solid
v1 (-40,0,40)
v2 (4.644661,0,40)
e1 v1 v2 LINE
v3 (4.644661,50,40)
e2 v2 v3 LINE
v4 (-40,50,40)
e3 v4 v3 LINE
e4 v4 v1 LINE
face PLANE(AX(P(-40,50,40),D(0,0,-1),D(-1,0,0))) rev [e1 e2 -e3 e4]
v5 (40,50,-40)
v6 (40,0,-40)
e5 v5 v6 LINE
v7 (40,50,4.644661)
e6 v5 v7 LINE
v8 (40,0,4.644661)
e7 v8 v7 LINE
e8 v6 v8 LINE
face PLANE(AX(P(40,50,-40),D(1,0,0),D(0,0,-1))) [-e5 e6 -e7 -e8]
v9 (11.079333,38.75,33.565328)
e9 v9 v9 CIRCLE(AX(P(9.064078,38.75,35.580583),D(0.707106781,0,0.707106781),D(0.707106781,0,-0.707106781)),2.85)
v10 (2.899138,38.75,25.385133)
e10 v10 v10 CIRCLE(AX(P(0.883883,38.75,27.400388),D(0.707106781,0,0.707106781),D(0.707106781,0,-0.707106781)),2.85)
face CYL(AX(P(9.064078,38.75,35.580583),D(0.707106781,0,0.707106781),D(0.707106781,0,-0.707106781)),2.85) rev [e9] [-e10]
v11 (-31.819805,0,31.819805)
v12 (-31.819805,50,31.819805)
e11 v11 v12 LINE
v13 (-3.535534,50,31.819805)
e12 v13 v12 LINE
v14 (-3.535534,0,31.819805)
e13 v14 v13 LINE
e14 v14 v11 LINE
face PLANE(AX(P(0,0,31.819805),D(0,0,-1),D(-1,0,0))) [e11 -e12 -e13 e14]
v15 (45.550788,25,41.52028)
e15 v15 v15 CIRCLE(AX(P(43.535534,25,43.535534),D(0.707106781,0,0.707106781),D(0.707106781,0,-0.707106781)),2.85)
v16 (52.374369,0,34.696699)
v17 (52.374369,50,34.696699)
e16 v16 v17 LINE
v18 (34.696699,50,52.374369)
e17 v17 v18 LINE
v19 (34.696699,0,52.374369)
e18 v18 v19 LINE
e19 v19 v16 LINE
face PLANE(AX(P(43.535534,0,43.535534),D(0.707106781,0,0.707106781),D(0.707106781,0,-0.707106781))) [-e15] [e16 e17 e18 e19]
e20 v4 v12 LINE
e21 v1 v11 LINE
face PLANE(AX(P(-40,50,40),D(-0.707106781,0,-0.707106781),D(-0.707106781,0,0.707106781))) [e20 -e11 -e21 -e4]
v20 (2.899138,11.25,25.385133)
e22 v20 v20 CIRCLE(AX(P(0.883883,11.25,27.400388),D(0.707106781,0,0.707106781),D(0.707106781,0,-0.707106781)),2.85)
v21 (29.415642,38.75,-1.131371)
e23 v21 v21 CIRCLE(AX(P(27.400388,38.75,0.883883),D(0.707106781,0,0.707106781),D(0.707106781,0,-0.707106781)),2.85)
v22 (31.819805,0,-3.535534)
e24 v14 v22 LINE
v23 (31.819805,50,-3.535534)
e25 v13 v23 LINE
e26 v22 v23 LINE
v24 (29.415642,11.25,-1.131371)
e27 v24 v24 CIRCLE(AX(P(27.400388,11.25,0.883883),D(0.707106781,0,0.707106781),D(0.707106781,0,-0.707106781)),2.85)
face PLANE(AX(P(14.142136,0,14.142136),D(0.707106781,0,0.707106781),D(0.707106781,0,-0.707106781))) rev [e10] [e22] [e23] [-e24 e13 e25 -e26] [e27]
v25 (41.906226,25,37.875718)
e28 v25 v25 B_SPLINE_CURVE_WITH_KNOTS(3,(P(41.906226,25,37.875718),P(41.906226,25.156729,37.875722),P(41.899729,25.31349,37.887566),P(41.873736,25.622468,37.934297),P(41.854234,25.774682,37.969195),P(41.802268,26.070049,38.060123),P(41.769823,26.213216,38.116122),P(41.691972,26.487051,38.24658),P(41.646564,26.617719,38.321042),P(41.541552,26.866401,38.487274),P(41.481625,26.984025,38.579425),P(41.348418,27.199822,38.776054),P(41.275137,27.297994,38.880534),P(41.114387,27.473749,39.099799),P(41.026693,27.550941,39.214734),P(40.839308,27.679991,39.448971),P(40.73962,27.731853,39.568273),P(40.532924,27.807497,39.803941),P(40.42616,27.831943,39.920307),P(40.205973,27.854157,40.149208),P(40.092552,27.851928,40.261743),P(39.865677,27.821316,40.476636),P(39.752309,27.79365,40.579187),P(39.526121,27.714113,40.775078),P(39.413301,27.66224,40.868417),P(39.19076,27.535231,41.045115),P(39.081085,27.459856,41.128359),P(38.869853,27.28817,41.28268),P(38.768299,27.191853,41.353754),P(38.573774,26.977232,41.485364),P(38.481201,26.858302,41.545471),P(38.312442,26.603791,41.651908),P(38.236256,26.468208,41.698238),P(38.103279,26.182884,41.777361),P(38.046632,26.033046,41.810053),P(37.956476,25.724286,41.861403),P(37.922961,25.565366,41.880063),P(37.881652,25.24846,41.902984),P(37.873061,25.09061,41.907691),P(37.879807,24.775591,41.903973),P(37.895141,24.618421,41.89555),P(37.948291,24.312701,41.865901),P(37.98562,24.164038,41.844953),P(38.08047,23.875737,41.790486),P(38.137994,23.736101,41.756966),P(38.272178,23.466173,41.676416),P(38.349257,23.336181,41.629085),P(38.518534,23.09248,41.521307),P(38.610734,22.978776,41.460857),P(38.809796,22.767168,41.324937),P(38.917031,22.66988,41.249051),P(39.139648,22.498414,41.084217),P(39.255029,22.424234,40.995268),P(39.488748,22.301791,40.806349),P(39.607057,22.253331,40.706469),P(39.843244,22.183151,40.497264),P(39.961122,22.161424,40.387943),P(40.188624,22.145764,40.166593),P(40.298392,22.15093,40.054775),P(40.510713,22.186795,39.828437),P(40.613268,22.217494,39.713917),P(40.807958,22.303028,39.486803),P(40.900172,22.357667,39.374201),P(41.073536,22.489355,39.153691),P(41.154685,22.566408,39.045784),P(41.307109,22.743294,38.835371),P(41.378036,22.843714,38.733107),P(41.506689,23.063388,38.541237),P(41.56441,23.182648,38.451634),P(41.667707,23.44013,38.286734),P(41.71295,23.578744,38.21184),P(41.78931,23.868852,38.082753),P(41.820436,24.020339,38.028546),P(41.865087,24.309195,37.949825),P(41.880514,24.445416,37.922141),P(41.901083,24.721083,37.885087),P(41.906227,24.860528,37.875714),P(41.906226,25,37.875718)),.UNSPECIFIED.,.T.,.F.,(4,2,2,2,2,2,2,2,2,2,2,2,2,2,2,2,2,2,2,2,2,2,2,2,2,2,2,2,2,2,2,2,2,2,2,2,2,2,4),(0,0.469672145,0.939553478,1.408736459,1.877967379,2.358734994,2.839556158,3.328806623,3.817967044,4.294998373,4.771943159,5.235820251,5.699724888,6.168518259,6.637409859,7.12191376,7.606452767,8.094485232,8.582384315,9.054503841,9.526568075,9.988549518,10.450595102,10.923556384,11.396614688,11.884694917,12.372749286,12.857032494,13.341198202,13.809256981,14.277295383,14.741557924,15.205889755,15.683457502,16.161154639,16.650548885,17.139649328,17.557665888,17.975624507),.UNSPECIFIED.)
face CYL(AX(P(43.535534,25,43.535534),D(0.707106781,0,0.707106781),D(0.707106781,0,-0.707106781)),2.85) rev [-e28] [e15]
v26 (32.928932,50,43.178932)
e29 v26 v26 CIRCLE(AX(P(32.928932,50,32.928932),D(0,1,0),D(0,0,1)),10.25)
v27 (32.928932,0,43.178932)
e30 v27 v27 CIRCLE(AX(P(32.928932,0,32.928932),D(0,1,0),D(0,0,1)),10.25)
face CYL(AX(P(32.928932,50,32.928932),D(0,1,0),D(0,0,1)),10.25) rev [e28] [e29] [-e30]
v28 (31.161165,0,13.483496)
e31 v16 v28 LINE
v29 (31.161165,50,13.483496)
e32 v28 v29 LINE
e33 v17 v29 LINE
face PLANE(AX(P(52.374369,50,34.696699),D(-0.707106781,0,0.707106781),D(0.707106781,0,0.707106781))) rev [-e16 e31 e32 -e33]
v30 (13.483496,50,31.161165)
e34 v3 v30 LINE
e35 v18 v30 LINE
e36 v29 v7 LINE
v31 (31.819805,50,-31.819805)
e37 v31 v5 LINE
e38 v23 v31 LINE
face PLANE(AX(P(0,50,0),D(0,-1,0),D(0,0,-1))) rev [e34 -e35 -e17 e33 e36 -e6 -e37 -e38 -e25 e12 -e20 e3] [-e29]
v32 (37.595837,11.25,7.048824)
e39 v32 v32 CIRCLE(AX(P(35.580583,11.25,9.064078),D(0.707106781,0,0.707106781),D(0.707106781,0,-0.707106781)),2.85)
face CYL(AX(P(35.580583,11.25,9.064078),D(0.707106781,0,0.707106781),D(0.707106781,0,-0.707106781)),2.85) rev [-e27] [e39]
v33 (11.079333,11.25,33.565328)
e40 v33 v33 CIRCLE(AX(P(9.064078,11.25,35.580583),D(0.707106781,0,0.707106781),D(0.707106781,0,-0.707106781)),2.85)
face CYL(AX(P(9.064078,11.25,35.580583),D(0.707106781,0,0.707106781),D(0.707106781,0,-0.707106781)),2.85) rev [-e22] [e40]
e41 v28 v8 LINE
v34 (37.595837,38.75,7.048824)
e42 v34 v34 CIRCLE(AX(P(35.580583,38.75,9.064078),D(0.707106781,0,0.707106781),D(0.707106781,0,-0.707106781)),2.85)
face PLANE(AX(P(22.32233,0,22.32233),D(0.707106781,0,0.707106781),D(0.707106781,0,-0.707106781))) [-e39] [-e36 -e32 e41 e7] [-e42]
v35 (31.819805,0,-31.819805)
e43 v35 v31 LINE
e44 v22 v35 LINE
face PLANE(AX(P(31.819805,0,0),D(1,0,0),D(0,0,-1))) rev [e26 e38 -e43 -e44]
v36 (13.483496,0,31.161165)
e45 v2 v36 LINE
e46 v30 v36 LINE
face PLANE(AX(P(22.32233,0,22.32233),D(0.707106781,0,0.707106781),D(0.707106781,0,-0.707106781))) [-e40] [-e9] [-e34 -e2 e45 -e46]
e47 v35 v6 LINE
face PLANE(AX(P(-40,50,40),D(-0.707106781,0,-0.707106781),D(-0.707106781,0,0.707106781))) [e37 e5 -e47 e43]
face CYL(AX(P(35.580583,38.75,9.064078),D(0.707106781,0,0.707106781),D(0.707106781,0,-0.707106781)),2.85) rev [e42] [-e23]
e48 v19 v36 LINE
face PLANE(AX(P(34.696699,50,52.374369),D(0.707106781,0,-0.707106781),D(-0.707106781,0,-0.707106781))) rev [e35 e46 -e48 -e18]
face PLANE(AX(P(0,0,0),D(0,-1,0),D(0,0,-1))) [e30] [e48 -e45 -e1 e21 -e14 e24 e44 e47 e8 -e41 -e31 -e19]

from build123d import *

# Parameters (mm, degrees)
BOSS_EXTRUDE1_DEPTH             = 50
CUT_EXTRUDE1_DEPTH              = 76.498344353
SKETCH5_W                       = 25
SKETCH5_H                       = 50
BOSS_EXTRUDE2_DEPTH             = 30
F_20_5_20_5_DIAMETER_HOLE1_D    = 20.5
F_5_7_5_7_DIAMETER_HOLE1_REACH  = 130.282
F_5_7_5_7_DIAMETER_HOLE1_BORE_R = 2.85
F_5_7_5_7_DIAMETER_HOLE2_D      = 5.7
F_5_7_5_7_DIAMETER_HOLE2_DEPTH  = 11.568542495
F_5_7_5_7_DIAMETER_HOLE2_TIP    = 1.712452764


with BuildPart() as part:
    # Sketch2 → Boss-Extrude1 (new body)
    with BuildSketch(Plane(origin=(0, 0, 0), x_dir=(1, 0, 0), z_dir=(0, 1, 0))):
        Polygon((-40, -40), (40, 40), (40, -40), align=None)
    extrude(amount=BOSS_EXTRUDE1_DEPTH)

    # Sketch4 → Cut-Extrude1 (cut, through all)
    with BuildSketch(Plane(origin=(0, 50, 0), x_dir=(1, 0, 0), z_dir=(0, 1, 0))):
        Polygon((17.67766953, 17.67766953), (-17.67766953, -17.67766953), (-3.535533906, -31.819805153), (31.819805153, 3.535533906), align=None)
        Polygon((31.819805153, 31.819805153), (17.67766953, 17.67766953), (31.819805153, 3.535533906), align=None)
        Polygon((-17.67766953, -17.67766953), (-31.819805153, -31.819805153), (-3.535533906, -31.819805153), align=None)
        Polygon((40, -4.644660941), (4.644660941, -40), (40, -40), align=None)
    extrude(amount=-CUT_EXTRUDE1_DEPTH, mode=Mode.SUBTRACT)

    # Sketch5 → Boss-Extrude2 (add)
    with BuildSketch(Plane(origin=(22.32233047, 0, 22.32233047), x_dir=(0.7071067811865474, 0, -0.7071067811865477), z_dir=(0.7071067811865477, 0, 0.7071067811865474))):
        with Locations((0, 25)):
            Rectangle(SKETCH5_W, SKETCH5_H)
    extrude(amount=BOSS_EXTRUDE2_DEPTH)

    # Ø20.5 (20.5) Diameter Hole1 (through all)
    with Locations(Plane(origin=(0, 50, 0), x_dir=(1, 0, 0), z_dir=(0, 1, 0))):
        with Locations((32.928932188, -32.928932188)):
            Hole(F_20_5_20_5_DIAMETER_HOLE1_D / 2)

    # Ø5.7 (5.7) Diameter Hole1 bore → Ø5.7 (5.7) Diameter Hole1 (cut, up to next)
    with BuildSketch(Plane(origin=(43.535533906, 0, 43.535533906), x_dir=(0.7071067811865476, 0, -0.7071067811865476), z_dir=(0.7071067811865476, 0, 0.7071067811865476)), mode=Mode.PRIVATE) as f_5_7_5_7_diameter_hole1_sk1:
        with Locations((0, 25)):
            Circle(F_5_7_5_7_DIAMETER_HOLE1_BORE_R)
    f_5_7_5_7_diameter_hole1_tool1 = extrude(f_5_7_5_7_diameter_hole1_sk1.sketch, amount=-F_5_7_5_7_DIAMETER_HOLE1_REACH, mode=Mode.PRIVATE) & part.part
    add(f_5_7_5_7_diameter_hole1_tool1.solids().sort_by_distance((43.535534, 25, 43.535534))[0], mode=Mode.SUBTRACT)

    # Ø5.7 (5.7) Diameter Hole2
    with Locations(Plane(origin=(22.32233047, 0, 22.32233047), x_dir=(0.7071067811865474, 0, -0.7071067811865477), z_dir=(0.7071067811865477, 0, 0.7071067811865474))):
        with Locations((-18.75, 38.75), (18.75, 38.75), (18.75, 11.25), (-18.75, 11.25)):
            Hole(F_5_7_5_7_DIAMETER_HOLE2_D / 2, depth=F_5_7_5_7_DIAMETER_HOLE2_DEPTH)
            with Locations((0, 0, -(F_5_7_5_7_DIAMETER_HOLE2_DEPTH + F_5_7_5_7_DIAMETER_HOLE2_TIP / 2))):  # 118° drill point
                Cone(0, F_5_7_5_7_DIAMETER_HOLE2_D / 2, F_5_7_5_7_DIAMETER_HOLE2_TIP, mode=Mode.SUBTRACT)


solid = part.part
